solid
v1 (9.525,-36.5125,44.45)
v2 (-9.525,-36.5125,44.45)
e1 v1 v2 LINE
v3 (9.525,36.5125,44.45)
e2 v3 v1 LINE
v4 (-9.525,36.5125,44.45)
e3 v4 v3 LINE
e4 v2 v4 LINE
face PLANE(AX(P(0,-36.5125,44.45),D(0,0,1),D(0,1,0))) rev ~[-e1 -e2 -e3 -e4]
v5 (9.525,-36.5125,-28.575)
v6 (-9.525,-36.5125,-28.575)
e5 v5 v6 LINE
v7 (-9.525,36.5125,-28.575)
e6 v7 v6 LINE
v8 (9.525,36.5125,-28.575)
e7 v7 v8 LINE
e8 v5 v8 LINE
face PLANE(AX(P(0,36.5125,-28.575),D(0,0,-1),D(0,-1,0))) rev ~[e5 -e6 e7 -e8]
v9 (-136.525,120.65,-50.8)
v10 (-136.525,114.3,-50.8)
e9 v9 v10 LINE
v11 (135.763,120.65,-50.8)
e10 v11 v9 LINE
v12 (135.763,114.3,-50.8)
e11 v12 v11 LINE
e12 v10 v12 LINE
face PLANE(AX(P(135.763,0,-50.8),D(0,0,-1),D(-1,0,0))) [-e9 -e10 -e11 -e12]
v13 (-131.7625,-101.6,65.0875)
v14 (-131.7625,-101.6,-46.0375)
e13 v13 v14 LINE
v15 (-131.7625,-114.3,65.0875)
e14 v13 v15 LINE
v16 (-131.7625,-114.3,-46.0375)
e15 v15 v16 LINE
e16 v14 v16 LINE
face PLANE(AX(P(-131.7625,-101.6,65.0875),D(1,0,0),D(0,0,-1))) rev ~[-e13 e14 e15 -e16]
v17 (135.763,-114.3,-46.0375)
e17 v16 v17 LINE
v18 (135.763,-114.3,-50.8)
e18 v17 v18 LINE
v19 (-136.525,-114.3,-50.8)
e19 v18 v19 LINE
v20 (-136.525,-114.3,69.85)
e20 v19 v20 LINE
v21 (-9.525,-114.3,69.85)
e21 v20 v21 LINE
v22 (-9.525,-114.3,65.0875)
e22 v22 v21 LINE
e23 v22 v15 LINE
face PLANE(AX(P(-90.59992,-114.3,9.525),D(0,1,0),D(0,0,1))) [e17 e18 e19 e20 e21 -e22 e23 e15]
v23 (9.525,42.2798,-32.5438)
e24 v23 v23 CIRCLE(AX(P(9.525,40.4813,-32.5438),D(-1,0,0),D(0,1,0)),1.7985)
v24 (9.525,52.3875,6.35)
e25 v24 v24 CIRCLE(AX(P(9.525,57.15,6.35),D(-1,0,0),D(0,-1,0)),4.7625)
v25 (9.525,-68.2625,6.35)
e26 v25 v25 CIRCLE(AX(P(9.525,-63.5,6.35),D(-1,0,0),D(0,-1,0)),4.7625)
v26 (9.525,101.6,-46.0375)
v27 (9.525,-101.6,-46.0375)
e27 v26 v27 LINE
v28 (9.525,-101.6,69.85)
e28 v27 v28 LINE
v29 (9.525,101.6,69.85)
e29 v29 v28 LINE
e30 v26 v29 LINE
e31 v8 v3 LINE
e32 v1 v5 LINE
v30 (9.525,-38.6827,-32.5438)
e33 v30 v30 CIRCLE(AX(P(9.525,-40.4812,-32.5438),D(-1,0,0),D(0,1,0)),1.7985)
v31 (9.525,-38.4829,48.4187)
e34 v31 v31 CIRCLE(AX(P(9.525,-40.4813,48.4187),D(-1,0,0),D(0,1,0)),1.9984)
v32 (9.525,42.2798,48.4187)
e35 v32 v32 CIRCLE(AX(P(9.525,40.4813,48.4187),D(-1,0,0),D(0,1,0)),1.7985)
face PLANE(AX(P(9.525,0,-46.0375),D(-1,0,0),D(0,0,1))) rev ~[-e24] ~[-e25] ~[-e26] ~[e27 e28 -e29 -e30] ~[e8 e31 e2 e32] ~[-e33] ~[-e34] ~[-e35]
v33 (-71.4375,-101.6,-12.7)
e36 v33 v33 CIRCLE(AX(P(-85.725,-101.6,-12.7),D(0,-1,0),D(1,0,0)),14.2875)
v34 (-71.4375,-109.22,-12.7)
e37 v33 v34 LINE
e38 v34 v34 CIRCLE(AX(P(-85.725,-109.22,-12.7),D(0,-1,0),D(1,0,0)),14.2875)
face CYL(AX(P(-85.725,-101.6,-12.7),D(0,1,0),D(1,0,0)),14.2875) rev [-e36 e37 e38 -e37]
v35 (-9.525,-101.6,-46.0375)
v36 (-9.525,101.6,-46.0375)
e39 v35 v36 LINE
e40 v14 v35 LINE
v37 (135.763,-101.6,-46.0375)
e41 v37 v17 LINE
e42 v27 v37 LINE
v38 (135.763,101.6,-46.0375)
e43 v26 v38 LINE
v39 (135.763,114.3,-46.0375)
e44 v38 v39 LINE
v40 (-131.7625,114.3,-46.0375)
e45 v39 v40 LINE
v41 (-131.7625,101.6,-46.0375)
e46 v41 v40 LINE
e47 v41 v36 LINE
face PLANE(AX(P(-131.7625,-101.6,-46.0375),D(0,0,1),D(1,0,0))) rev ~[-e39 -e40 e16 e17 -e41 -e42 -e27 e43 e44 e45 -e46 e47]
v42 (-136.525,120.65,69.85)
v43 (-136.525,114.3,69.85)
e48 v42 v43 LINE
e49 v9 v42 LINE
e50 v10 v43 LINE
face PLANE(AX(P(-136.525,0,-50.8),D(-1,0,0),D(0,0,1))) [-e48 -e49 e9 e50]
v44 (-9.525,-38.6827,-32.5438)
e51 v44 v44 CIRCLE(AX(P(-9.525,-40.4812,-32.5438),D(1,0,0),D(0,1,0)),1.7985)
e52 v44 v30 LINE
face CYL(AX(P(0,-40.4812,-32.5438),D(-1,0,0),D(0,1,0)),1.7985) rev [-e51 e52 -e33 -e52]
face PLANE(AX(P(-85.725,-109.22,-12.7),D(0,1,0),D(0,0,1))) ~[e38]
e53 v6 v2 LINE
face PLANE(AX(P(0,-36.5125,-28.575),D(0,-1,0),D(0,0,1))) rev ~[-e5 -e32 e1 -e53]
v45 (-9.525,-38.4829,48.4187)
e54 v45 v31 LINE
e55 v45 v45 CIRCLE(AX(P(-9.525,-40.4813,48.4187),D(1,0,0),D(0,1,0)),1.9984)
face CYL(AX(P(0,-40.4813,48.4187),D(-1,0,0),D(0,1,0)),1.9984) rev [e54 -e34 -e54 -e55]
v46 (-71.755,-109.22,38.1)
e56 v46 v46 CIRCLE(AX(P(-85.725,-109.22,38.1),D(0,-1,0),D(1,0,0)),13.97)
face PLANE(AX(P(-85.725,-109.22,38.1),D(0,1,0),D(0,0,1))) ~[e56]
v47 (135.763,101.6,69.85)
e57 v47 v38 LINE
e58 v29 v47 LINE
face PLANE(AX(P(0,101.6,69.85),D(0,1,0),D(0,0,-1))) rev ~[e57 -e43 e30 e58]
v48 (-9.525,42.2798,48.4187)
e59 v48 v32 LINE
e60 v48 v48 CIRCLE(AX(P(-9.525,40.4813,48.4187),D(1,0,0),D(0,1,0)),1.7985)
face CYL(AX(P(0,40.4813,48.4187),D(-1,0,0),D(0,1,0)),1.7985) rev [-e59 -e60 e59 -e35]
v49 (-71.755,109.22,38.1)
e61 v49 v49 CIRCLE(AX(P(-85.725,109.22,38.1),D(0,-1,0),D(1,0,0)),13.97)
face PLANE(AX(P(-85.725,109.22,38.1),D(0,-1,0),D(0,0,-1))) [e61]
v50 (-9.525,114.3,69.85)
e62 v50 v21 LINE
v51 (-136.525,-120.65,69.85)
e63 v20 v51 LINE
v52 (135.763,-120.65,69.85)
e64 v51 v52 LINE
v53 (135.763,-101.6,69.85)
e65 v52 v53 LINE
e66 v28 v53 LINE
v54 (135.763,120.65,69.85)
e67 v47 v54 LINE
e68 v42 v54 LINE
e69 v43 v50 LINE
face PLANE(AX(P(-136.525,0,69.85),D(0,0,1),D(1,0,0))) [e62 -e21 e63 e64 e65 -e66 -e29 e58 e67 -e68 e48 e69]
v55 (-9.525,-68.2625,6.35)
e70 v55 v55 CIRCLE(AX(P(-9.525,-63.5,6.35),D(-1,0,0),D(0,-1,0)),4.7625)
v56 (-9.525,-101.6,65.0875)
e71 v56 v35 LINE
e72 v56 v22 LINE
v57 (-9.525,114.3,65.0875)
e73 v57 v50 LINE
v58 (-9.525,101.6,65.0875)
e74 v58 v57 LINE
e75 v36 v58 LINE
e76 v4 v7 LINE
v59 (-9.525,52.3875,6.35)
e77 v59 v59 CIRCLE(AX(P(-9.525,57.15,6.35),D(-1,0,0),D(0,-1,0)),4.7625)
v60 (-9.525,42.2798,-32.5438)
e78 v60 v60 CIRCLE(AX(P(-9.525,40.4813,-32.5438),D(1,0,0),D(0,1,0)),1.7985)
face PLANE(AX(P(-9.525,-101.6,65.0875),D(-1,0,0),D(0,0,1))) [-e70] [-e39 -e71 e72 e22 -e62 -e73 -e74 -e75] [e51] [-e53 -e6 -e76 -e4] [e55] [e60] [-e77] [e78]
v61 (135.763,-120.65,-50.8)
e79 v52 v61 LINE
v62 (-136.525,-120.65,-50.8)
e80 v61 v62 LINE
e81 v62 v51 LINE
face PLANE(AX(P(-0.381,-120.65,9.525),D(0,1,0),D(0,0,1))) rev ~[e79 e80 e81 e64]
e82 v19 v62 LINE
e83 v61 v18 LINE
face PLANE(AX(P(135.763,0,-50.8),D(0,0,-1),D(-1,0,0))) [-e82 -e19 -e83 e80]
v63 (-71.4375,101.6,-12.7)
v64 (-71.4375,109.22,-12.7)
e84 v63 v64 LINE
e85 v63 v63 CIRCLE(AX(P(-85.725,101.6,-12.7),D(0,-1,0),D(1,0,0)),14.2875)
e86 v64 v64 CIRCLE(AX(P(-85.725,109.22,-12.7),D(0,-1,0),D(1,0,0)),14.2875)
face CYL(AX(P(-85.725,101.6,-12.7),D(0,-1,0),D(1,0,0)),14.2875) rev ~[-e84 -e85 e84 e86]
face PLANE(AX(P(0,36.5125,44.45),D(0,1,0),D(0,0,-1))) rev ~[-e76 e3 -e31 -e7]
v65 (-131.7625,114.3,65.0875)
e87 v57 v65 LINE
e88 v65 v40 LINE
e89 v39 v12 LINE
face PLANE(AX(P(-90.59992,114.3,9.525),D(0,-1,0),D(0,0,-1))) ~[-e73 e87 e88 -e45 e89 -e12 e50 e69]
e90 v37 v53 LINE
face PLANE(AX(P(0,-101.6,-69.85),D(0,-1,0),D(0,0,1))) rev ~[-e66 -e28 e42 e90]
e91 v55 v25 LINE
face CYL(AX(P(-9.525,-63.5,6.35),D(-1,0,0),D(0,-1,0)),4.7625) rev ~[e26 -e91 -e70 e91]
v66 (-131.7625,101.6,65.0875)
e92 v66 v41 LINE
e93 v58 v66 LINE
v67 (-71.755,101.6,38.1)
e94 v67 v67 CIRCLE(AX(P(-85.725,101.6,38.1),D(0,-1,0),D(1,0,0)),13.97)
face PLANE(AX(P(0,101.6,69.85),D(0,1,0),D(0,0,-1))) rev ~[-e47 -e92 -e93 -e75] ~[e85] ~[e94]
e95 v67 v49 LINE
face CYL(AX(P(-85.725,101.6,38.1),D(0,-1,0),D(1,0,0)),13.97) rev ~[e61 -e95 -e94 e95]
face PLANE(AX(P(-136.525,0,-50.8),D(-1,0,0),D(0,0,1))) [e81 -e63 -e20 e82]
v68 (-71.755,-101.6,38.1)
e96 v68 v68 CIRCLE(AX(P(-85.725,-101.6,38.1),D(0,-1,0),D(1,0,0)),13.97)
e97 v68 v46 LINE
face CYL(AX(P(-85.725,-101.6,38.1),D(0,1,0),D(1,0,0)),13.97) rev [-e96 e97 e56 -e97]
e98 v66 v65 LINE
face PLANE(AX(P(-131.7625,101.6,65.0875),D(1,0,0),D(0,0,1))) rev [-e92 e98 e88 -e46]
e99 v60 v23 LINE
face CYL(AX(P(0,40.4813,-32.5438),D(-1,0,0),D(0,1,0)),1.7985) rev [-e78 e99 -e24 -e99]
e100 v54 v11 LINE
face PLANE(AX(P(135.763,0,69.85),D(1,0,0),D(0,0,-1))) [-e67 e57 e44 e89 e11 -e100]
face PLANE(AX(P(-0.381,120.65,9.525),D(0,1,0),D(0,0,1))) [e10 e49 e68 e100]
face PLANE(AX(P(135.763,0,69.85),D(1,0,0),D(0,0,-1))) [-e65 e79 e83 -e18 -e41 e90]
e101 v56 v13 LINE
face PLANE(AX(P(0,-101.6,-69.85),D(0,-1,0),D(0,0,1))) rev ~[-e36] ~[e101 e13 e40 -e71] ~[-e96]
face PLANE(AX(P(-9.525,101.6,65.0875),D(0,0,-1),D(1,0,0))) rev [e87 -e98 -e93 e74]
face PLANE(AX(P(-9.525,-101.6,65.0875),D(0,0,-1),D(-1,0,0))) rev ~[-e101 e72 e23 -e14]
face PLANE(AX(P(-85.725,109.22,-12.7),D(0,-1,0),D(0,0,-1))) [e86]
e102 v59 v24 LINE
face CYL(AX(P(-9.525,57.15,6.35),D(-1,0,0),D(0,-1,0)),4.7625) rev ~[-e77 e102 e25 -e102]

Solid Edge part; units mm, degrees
sketch "Sketch1" plane through (0, 0, 0) normal (0, -1, 0) x (1, 0, 0)
  line L0 (-136.525, 69.85) -> (135.763, 69.85)
  line L1 (135.763, 69.85) -> (135.763, -50.8)
  line L2 (135.763, -50.8) -> (-136.525, -50.8)
  line L3 (-136.525, -50.8) -> (-136.525, 69.85)
  dimension "D1" = 50.8
  dimension "D2" = 120.65
  dimension "D3" = 120.65
extrude "Protrusion1" add sketch "Sketch1" along normal mid plane 241.3
sketch "Sketch2" plane through (0, 0, 0) normal (1, 0, 0) x (0, 1, 0)
  line L0 (101.6, -69.85) -> (-101.6, -69.85)
  line L1 (-101.6, -69.85) -> (-101.6, 69.85)
  line L2 (-101.6, 69.85) -> (101.6, 69.85)
  line L3 (101.6, 69.85) -> (101.6, -69.85)
  dimension "D1" = 19.05
  dimension "D2" = 19.05
extrude "Cutout1" cut sketch "Sketch2" along normal up to next and the other way up to next
sketch "Sketch3" plane through (6.4194, -101.6, 0) normal (0, 1, 0) x (-1, 0, 0)
  line L0 (138.1819, -46.0375) -> (15.9444, -46.0375)
  line L1 (15.9444, -50.8) -> (15.9444, -46.0375)
  line L2 (15.9444, -50.8) -> (142.9444, -50.8)
  line L3 (142.9444, -50.8) -> (142.9444, 69.85)
  line L4 (142.9444, 69.85) -> (15.9444, 69.85)
  line L5 (15.9444, 65.0875) -> (15.9444, 69.85)
  line L6 (15.9444, 65.0875) -> (138.1819, 65.0875)
  line L7 (138.1819, 65.0875) -> (138.1819, -46.0375)
  dimension "D1" = 4.7625
  dimension "D2" = 4.7625
  dimension "D3" = 4.7625
extrude "ExtrudedCutout_2" cut sketch "Sketch3" against normal blind 12.7
mirror "Mirror1" about plane through (0, 0, 0) normal (0, 1, 0) of "ExtrudedCutout_2"
sketch "Sketch4" plane through (21.4313, 101.6, 12.7) normal (0, -1, 0) x (1, 0, 0)
  circle A0 centre (-107.1563, -25.4) radius 14.2875
  circle A1 centre (-107.1563, 25.4) radius 13.97
  dimension "D1" = 28.575
extrude "ExtrudedCutout_3" cut sketch "Sketch4" against normal blind 7.62
mirror "Mirror2" about plane through (0, 0, 0) normal (0, -1, 0) of "ExtrudedCutout_3"
sketch "Sketch5" plane through (6.4194, 0, 0) normal (0, -1, 0) x (1, 0, 0)
  line L0 (-15.9444, -46.0375) -> (3.1056, -46.0375)
  line L1 (3.1056, -46.0375) -> (3.1056, 69.85)
  line L2 (3.1056, 69.85) -> (-15.9444, 69.85)
  line L3 (-15.9444, 69.85) -> (-15.9444, -46.0375)
  dimension "D1" = 19.05
  dimension "D2" = 4.7625
extrude "Protrusion2" add sketch "Sketch5" along normal up to next and the other way up to next
sketch "Sketch6" plane through (0, 0, 0) normal (1, 0, 0) x (0, 1, 0)
  line L0 (36.5125, -28.575) -> (-36.5125, -28.575)
  line L1 (-36.5125, -28.575) -> (-36.5125, 44.45)
  line L2 (-36.5125, 44.45) -> (36.5125, 44.45)
  line L3 (36.5125, 44.45) -> (36.5125, -28.575)
  circle A0 centre (-40.4813, 48.4187) radius 1.9984
  circle A1 centre (-40.4812, -32.5438) radius 1.7985
  circle A2 centre (40.4813, 48.4187) radius 1.7985
  circle A3 centre (40.4813, -32.5438) radius 1.7985
  dimension "D1" = 73.025
  dimension "D2" = 73.025
  dimension "D3" = 22.225
  dimension "D4" = 80.9625
  dimension "D5" = 80.9625
  dimension "D6" = 92.075
  dimension "D7" = 92.075
extrude "Cutout2" cut sketch "Sketch6" along normal up to next and the other way up to next
sketch "Sketch7" plane through (-9.525, 0, 3.175) normal (-1, 0, 0) x (0, -1, 0)
  circle A0 centre (-57.15, 3.175) radius 4.7625
  circle A1 centre (63.5, 3.175) radius 4.7625
  dimension "D1" = 6.35
  dimension "D2" = 57.15
  dimension "D3" = 63.5
  dimension "D4" = 9.525
extrude "Cutout3" cut sketch "Sketch7" against normal up to next
sketch "Sketch8" plane through (-136.525, 117.475, 0) normal (-1, 0, 0) x (0, 0, 1)
  line L0 (-46.0375, -3.175) -> (-50.8, -3.175)
  line L1 (-50.8, -3.175) -> (-50.8, -15.875)
  line L2 (-50.8, -15.875) -> (-46.0375, -15.875)
  line L3 (-46.0375, -15.875) -> (-46.0375, -3.175)
  dimension "D1" = 4.7625
  dimension "D2" = 19.05
extrude "Cutout4" cut sketch "Sketch8" against normal up to next
mirror "Mirror3" about plane through (0, 0, 0) normal (0, -1, 0) of "Cutout4"
